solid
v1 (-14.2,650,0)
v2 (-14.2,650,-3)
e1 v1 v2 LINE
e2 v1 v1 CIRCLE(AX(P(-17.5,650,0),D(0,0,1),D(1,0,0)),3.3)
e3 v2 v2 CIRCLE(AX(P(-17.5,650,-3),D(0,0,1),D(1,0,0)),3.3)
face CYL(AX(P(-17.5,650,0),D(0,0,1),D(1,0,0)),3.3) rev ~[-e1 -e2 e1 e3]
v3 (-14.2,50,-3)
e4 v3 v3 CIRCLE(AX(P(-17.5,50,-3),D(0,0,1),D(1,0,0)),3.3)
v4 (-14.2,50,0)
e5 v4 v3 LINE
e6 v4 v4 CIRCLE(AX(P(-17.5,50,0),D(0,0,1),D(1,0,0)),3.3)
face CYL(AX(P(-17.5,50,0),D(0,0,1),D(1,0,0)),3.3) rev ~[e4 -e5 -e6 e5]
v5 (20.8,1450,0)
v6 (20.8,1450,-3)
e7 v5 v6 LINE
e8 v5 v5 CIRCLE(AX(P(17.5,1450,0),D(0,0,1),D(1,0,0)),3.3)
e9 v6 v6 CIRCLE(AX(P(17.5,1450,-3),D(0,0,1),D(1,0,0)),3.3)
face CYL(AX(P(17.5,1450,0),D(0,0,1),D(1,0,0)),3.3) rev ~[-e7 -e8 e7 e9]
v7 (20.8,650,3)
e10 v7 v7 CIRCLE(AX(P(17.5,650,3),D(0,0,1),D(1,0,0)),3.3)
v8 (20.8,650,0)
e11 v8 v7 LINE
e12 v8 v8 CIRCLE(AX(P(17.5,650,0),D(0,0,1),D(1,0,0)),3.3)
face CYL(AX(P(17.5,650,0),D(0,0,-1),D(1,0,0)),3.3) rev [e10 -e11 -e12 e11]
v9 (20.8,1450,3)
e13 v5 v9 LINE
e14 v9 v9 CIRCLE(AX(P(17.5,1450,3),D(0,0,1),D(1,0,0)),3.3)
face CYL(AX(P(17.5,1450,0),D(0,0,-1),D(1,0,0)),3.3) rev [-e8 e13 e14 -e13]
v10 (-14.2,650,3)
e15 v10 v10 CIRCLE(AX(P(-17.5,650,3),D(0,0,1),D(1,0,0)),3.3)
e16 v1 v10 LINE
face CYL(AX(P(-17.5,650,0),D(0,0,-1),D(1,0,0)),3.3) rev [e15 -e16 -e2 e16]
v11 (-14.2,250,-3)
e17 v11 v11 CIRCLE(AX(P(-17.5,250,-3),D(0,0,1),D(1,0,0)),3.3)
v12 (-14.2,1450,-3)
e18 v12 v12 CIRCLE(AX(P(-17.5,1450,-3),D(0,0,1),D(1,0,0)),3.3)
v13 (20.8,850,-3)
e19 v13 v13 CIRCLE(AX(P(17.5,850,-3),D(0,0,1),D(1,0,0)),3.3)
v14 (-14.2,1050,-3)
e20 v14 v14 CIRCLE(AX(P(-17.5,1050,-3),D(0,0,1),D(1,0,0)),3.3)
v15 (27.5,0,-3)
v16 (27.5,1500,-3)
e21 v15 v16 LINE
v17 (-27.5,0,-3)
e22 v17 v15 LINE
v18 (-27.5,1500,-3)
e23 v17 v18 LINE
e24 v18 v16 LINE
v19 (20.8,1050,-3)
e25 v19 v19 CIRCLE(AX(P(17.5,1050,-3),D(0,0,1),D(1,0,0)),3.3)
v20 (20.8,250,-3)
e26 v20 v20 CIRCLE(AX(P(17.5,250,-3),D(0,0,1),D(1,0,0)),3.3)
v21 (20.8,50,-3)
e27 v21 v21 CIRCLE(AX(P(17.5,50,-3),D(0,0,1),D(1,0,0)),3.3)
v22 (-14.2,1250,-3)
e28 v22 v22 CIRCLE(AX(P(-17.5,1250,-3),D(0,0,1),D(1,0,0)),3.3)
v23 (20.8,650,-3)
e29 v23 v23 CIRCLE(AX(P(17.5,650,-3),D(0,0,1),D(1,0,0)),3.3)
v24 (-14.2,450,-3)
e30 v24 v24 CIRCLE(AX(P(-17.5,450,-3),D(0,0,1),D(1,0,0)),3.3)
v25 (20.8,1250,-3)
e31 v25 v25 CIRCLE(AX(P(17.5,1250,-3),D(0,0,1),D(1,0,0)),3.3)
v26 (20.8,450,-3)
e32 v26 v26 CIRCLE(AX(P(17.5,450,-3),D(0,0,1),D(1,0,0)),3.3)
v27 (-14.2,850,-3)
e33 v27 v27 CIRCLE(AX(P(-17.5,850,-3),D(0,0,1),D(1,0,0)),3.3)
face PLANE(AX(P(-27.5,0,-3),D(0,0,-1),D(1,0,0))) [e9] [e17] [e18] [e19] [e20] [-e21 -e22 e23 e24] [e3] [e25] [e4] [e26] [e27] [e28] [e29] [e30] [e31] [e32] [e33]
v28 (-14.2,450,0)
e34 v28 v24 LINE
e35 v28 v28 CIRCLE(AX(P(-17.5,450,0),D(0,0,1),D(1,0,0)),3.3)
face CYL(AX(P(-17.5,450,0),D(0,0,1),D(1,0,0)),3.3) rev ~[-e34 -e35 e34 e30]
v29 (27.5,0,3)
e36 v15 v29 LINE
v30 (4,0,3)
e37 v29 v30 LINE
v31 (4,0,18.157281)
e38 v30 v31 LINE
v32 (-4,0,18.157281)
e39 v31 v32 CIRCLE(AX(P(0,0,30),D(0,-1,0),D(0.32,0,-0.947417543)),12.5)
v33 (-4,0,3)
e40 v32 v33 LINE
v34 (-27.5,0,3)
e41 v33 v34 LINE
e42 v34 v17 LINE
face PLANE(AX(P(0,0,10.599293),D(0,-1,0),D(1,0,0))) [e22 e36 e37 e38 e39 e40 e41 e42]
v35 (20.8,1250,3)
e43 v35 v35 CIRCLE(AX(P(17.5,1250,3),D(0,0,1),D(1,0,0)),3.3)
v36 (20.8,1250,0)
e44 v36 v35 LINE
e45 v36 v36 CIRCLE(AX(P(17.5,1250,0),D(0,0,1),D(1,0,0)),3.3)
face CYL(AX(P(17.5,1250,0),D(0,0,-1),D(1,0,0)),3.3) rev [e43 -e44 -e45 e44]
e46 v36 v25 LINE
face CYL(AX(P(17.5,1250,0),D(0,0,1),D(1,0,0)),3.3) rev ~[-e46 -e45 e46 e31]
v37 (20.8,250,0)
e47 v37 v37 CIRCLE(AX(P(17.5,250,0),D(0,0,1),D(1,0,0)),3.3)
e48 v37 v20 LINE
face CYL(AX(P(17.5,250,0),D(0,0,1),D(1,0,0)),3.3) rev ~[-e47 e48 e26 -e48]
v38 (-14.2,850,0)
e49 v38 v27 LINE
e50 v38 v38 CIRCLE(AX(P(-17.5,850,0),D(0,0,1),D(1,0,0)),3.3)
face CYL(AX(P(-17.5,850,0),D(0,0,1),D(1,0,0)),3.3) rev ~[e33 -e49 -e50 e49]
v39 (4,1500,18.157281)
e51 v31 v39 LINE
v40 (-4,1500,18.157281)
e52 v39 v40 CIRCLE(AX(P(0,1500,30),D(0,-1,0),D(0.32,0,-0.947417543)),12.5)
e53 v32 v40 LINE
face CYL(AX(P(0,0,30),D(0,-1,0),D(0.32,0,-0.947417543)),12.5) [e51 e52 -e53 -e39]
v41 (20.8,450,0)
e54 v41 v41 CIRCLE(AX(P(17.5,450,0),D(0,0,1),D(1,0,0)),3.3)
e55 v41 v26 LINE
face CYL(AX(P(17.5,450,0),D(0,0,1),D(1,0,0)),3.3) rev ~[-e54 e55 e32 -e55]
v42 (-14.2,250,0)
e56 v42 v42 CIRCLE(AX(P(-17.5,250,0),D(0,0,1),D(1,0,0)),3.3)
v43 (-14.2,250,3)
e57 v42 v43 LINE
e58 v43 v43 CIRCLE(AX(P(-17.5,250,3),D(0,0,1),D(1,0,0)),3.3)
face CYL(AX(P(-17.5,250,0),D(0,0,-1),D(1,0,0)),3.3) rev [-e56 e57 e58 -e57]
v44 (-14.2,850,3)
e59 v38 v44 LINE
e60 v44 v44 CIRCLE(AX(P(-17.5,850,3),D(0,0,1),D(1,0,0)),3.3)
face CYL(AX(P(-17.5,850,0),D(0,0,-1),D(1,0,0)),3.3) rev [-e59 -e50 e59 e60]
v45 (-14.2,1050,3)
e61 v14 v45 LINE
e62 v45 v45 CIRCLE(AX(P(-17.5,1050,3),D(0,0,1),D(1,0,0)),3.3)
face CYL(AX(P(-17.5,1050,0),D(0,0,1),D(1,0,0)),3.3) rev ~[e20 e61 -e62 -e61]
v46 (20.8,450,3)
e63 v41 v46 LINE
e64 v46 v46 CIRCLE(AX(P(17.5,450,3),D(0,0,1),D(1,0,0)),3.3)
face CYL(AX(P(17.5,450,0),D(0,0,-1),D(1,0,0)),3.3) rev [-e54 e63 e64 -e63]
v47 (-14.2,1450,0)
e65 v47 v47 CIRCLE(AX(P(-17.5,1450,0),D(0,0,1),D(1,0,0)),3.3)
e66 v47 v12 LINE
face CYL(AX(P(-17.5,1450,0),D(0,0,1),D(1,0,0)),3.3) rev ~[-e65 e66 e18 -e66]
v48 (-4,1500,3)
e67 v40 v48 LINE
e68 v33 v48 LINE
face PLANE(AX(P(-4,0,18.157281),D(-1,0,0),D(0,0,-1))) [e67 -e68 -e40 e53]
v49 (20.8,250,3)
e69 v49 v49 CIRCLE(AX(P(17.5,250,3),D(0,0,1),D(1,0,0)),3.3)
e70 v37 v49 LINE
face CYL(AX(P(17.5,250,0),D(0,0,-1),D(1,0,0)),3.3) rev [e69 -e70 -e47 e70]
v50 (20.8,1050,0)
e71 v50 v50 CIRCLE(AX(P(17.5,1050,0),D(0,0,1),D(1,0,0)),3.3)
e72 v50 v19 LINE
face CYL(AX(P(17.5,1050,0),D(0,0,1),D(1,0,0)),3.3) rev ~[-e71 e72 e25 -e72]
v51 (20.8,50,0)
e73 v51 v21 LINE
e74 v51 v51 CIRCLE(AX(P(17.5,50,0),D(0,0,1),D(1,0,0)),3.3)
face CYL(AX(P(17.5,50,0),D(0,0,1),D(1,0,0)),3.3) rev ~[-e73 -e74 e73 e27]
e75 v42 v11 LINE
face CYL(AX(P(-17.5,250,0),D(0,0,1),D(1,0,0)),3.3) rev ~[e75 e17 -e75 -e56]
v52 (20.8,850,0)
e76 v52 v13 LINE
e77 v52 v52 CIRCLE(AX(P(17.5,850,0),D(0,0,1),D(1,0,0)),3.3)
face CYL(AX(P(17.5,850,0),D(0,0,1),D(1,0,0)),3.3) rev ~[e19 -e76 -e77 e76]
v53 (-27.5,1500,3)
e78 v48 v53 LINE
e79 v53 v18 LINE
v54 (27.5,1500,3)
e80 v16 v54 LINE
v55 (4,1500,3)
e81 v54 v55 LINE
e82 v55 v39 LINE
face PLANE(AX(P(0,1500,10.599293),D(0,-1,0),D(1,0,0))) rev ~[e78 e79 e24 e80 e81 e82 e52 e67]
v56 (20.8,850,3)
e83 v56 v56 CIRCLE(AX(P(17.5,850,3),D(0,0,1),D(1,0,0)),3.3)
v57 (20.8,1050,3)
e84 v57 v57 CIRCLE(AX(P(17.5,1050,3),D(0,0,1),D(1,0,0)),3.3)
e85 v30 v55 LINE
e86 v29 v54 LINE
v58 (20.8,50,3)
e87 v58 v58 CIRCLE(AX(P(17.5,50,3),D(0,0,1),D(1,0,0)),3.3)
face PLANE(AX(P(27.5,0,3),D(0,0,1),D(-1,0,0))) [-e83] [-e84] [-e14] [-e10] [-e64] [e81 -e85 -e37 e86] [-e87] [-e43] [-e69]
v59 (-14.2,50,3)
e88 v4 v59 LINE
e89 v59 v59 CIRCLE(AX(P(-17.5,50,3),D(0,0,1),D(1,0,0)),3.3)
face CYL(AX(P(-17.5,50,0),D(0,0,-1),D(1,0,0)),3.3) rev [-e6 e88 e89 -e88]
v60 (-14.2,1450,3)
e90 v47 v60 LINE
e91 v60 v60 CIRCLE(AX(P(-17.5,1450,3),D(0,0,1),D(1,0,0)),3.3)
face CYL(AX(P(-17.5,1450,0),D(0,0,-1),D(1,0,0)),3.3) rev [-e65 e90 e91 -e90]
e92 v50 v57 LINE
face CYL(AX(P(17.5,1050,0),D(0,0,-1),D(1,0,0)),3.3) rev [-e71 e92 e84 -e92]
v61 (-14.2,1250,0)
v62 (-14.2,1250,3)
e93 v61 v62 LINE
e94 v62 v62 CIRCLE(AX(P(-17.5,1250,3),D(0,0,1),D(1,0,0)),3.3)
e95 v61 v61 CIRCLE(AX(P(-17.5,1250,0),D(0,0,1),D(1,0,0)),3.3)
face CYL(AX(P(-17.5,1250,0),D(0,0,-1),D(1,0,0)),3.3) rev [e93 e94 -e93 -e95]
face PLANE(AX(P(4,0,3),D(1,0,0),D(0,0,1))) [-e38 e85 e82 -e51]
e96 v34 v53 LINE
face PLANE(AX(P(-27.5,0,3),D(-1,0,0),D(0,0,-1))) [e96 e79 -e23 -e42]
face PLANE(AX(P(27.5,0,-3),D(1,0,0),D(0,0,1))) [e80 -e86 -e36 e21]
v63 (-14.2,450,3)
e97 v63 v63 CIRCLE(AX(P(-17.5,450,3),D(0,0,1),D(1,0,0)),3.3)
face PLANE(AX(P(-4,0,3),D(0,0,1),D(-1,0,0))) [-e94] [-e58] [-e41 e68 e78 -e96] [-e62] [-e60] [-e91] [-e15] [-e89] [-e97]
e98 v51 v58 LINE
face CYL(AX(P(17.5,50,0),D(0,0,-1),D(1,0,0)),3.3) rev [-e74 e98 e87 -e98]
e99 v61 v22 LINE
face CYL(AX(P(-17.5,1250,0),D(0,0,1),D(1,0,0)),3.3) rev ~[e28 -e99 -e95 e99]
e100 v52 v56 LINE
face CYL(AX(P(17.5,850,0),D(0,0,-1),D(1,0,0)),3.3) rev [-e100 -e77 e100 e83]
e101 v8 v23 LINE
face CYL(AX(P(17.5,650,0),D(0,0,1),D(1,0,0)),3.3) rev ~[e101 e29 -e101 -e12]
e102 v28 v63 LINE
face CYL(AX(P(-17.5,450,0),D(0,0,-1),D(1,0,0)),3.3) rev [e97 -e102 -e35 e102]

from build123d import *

# Parameters (mm, degrees)
F2_DEPTH = 1500
F1_R     = 3.3
F3_DEPTH = 3


with BuildPart() as f2:
    # F0 (on Front) → F2 (new body)
    with BuildSketch(Plane.XZ):
        with BuildLine():
            Line((27.5, -3), (27.5, 3))
            Line((27.5, 3), (4, 3))
            Line((4, 3), (4, 18.1572807177))
            ThreePointArc((4, 18.1572807177), (0, 42.5), (-4, 18.1572807177))
            Line((-4, 18.1572807177), (-4, 3))
            Line((-4, 3), (-27.5, 3))
            Line((-27.5, 3), (-27.5, -3))
            Line((-27.5, -3), (27.5, -3))
        make_face()
    extrude(amount=-F2_DEPTH)

    # F1 (on Top) → F3 (cut, symmetric)
    with BuildSketch(Plane.XY):
        with Locations((17.5, 50)):
            Circle(F1_R)
        with Locations((17.5, 250)):
            Circle(F1_R)
        with Locations((17.5, 1050)):
            Circle(F1_R)
        with Locations((17.5, 450)):
            Circle(F1_R)
        with Locations((17.5, 650)):
            Circle(F1_R)
        with Locations((17.5, 850)):
            Circle(F1_R)
        with Locations((17.5, 1250)):
            Circle(F1_R)
        with Locations((17.5, 1450)):
            Circle(F1_R)
        with Locations((-17.5, 50)):
            Circle(F1_R)
        with Locations((-17.5, 250)):
            Circle(F1_R)
        with Locations((-17.5, 450)):
            Circle(F1_R)
        with Locations((-17.5, 650)):
            Circle(F1_R)
        with Locations((-17.5, 850)):
            Circle(F1_R)
        with Locations((-17.5, 1450)):
            Circle(F1_R)
        with Locations((-17.5, 1250)):
            Circle(F1_R)
        with Locations((-17.5, 1050)):
            Circle(F1_R)
    extrude(amount=F3_DEPTH, both=True, mode=Mode.SUBTRACT)


solid = f2.part
